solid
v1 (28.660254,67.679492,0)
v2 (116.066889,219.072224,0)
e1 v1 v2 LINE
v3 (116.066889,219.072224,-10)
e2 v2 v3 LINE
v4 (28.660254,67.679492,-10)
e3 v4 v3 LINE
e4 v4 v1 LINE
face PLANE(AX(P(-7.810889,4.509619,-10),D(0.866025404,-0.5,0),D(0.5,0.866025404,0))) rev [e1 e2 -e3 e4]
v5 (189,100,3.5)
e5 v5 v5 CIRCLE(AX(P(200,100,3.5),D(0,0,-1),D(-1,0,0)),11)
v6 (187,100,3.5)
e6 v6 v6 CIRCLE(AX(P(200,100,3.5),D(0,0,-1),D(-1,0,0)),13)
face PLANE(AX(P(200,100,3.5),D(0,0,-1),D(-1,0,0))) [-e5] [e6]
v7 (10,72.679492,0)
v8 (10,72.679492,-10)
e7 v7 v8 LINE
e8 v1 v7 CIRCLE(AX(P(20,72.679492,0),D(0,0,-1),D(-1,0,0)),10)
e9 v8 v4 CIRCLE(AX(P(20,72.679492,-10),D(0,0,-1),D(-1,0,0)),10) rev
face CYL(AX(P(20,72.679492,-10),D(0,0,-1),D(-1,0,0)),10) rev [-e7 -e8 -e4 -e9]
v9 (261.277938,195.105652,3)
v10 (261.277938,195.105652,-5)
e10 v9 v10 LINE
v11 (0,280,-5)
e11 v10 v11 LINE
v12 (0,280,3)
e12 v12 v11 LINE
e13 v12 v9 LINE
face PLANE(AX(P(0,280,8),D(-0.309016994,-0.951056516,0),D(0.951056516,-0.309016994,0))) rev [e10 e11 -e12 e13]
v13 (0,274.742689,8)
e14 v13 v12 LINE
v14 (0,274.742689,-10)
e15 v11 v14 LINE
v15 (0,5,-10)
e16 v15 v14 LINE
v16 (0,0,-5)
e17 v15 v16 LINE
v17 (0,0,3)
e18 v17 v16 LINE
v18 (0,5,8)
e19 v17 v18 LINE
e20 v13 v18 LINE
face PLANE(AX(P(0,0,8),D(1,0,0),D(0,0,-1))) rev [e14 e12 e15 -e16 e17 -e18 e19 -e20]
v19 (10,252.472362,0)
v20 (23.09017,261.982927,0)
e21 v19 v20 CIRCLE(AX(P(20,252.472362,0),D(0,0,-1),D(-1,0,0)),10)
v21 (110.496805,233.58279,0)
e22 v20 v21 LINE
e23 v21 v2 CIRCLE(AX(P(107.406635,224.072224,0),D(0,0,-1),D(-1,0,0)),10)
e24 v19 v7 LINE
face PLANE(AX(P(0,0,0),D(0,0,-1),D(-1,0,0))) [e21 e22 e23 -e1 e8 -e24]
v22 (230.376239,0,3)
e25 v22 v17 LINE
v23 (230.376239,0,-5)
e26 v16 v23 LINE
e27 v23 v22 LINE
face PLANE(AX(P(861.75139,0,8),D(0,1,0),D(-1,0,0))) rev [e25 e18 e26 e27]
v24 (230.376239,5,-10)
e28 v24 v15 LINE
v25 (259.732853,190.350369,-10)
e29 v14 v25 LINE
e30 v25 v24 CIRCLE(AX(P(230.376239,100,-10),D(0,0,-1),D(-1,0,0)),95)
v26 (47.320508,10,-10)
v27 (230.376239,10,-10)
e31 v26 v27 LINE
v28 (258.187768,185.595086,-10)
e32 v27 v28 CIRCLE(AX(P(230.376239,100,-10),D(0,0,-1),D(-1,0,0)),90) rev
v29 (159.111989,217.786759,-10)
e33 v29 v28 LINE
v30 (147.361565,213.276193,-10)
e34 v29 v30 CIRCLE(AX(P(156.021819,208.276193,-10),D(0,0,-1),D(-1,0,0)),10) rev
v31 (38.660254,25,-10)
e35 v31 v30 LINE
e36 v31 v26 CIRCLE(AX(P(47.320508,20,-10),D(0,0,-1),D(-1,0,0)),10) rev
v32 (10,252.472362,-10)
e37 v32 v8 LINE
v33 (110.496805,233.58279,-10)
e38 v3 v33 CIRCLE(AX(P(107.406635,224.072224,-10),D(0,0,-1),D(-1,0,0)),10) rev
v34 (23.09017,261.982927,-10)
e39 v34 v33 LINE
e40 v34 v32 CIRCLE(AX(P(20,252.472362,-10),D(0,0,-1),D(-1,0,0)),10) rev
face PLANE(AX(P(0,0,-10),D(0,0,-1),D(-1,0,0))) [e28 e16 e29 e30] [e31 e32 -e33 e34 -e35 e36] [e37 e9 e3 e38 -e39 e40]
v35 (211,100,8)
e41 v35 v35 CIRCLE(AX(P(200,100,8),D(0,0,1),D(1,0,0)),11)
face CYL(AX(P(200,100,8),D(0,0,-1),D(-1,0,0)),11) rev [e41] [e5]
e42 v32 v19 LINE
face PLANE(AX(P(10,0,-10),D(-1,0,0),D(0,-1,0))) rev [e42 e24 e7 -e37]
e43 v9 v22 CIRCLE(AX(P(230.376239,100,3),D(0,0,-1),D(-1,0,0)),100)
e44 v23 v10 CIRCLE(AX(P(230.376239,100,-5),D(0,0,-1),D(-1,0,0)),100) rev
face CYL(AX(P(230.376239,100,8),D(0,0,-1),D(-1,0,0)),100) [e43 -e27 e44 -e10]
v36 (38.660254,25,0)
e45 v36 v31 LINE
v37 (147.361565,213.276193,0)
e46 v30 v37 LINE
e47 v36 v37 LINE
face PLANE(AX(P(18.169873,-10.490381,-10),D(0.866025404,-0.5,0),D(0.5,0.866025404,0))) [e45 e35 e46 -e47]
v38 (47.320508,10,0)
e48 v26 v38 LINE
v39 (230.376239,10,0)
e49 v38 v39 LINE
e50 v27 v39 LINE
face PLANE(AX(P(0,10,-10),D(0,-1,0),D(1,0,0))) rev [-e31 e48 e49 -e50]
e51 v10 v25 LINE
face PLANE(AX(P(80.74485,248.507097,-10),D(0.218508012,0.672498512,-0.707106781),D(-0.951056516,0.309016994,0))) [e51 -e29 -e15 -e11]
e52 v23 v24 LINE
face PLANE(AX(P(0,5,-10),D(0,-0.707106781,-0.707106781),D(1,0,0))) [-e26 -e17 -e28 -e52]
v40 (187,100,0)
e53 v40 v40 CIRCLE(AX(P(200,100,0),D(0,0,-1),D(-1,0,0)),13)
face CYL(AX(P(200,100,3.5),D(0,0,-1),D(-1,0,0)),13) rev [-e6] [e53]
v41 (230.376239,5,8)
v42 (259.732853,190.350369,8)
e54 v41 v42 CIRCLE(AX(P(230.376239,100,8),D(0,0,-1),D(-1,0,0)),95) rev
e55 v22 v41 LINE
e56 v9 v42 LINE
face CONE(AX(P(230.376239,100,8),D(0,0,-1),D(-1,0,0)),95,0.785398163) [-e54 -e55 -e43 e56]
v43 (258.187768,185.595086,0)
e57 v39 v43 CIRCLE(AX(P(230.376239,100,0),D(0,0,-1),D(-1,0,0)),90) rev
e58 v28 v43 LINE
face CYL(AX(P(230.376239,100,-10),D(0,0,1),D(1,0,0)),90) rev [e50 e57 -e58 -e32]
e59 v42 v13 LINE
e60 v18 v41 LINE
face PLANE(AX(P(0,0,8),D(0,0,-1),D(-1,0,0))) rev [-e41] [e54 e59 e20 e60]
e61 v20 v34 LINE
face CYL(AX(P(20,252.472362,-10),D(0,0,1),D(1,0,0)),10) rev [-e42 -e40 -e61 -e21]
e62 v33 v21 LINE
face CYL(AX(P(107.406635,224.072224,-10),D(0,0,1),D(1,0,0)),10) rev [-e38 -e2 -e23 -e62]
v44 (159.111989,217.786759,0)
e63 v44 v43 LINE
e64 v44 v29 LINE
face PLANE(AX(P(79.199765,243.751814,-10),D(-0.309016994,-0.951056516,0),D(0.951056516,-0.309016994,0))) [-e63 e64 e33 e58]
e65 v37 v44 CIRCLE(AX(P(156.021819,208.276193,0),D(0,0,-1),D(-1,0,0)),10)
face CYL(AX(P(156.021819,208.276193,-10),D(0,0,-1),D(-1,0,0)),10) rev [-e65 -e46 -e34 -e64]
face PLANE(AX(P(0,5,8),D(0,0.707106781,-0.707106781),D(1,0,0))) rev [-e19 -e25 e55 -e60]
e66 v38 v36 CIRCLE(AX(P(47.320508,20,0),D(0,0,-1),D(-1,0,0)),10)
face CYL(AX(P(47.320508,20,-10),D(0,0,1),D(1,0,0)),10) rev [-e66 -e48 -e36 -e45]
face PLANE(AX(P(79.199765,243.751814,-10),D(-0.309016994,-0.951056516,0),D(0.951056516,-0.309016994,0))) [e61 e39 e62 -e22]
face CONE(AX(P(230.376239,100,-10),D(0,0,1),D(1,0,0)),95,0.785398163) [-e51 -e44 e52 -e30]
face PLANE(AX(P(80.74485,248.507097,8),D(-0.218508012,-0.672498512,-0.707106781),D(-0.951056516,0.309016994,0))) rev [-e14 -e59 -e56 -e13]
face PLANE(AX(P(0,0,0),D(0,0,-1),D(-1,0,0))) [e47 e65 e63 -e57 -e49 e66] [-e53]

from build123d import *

# Parameters (mm, degrees)
SKETCH_1_R          = 11
EXTRUDE_1_DEPTH     = 8
FILLET_1_R          = 100
EXTRUDE_2_DEPTH     = 10
FILLET_2_R          = 10
CHAMFER_1_SIZE      = 5
SKETCH_4_R          = 13
CUT_EXTRUDE_1_DEPTH = 3.5


with BuildPart() as part:
    # 草图1 → 凸台-拉伸1 (new body)
    with BuildSketch(Plane.XY):
        Polygon((0, 0), (0, 280), (861.751390409, 0), align=None)
        with Locations((200, 100)):
            Circle(SKETCH_1_R, mode=Mode.SUBTRACT)
    extrude(amount=EXTRUDE_1_DEPTH)

    # 圆角1
    fillet_1_edges = [part.edges().sort_by_distance(p)[0] for p in [
        (861.751390409, 0, 4),
    ]]
    fillet(fillet_1_edges, radius=FILLET_1_R)

    # 草图2 → 凸台-拉伸2 (add)
    with BuildSketch(Plane.XY):
        with BuildLine():
            Line((0, 280), (0, 0))
            Line((0, 0), (230.376238942, 0))
            ThreePointArc((230.376238942, 0), (329.145073001, 84.356553496), (261.277938379, 195.10565163))
            Line((261.277938379, 195.10565163), (0, 280))
        make_face()
        with BuildLine():
            Line((230.376238942, 10), (30, 10))
            Line((30, 10), (151.410485182, 220.289128906))
            Line((151.410485182, 220.289128906), (258.187768435, 185.595086467))
            ThreePointArc((258.187768435, 185.595086467), (319.268189595, 85.920898146), (230.376238942, 10))
        make_face(mode=Mode.SUBTRACT)
        Polygon((10, 35.358983849), (10, 266.236180795), (122.241374643, 229.766747442), align=None, mode=Mode.SUBTRACT)
    extrude(amount=-EXTRUDE_2_DEPTH)

    # 圆角2
    fillet_2_edges = [part.edges().sort_by_distance(p)[0] for p in [
        (10, 35.358983849, -5),
        (30, 10, -5),
        (122.241374643, 229.766747442, -5),
        (151.410485182, 220.289128906, -5),
        (10, 266.236180795, -5),
    ]]
    fillet(fillet_2_edges, radius=FILLET_2_R)

    # 倒角1
    chamfer_1_edges = [part.edges().sort_by_distance(p)[0] for p in [
        (115.188119471, 0, 8),
        (130.63896919, 237.552825815, 8),
        (329.145073001, 84.356553496, 8),
        (130.63896919, 237.552825815, -10),
        (115.188119471, 0, -10),
        (329.145073001, 84.356553496, -10),
    ]]
    chamfer(chamfer_1_edges, length=CHAMFER_1_SIZE)

    # 草图4 → 切除-拉伸1 (cut)
    with BuildSketch(Plane(origin=(0, 0, 0), x_dir=(-1, 0, 0), z_dir=(0, 0, -1))):
        with Locations((-200, 100)):
            Circle(SKETCH_4_R)
    extrude(amount=-CUT_EXTRUDE_1_DEPTH, mode=Mode.SUBTRACT)


solid = part.part
